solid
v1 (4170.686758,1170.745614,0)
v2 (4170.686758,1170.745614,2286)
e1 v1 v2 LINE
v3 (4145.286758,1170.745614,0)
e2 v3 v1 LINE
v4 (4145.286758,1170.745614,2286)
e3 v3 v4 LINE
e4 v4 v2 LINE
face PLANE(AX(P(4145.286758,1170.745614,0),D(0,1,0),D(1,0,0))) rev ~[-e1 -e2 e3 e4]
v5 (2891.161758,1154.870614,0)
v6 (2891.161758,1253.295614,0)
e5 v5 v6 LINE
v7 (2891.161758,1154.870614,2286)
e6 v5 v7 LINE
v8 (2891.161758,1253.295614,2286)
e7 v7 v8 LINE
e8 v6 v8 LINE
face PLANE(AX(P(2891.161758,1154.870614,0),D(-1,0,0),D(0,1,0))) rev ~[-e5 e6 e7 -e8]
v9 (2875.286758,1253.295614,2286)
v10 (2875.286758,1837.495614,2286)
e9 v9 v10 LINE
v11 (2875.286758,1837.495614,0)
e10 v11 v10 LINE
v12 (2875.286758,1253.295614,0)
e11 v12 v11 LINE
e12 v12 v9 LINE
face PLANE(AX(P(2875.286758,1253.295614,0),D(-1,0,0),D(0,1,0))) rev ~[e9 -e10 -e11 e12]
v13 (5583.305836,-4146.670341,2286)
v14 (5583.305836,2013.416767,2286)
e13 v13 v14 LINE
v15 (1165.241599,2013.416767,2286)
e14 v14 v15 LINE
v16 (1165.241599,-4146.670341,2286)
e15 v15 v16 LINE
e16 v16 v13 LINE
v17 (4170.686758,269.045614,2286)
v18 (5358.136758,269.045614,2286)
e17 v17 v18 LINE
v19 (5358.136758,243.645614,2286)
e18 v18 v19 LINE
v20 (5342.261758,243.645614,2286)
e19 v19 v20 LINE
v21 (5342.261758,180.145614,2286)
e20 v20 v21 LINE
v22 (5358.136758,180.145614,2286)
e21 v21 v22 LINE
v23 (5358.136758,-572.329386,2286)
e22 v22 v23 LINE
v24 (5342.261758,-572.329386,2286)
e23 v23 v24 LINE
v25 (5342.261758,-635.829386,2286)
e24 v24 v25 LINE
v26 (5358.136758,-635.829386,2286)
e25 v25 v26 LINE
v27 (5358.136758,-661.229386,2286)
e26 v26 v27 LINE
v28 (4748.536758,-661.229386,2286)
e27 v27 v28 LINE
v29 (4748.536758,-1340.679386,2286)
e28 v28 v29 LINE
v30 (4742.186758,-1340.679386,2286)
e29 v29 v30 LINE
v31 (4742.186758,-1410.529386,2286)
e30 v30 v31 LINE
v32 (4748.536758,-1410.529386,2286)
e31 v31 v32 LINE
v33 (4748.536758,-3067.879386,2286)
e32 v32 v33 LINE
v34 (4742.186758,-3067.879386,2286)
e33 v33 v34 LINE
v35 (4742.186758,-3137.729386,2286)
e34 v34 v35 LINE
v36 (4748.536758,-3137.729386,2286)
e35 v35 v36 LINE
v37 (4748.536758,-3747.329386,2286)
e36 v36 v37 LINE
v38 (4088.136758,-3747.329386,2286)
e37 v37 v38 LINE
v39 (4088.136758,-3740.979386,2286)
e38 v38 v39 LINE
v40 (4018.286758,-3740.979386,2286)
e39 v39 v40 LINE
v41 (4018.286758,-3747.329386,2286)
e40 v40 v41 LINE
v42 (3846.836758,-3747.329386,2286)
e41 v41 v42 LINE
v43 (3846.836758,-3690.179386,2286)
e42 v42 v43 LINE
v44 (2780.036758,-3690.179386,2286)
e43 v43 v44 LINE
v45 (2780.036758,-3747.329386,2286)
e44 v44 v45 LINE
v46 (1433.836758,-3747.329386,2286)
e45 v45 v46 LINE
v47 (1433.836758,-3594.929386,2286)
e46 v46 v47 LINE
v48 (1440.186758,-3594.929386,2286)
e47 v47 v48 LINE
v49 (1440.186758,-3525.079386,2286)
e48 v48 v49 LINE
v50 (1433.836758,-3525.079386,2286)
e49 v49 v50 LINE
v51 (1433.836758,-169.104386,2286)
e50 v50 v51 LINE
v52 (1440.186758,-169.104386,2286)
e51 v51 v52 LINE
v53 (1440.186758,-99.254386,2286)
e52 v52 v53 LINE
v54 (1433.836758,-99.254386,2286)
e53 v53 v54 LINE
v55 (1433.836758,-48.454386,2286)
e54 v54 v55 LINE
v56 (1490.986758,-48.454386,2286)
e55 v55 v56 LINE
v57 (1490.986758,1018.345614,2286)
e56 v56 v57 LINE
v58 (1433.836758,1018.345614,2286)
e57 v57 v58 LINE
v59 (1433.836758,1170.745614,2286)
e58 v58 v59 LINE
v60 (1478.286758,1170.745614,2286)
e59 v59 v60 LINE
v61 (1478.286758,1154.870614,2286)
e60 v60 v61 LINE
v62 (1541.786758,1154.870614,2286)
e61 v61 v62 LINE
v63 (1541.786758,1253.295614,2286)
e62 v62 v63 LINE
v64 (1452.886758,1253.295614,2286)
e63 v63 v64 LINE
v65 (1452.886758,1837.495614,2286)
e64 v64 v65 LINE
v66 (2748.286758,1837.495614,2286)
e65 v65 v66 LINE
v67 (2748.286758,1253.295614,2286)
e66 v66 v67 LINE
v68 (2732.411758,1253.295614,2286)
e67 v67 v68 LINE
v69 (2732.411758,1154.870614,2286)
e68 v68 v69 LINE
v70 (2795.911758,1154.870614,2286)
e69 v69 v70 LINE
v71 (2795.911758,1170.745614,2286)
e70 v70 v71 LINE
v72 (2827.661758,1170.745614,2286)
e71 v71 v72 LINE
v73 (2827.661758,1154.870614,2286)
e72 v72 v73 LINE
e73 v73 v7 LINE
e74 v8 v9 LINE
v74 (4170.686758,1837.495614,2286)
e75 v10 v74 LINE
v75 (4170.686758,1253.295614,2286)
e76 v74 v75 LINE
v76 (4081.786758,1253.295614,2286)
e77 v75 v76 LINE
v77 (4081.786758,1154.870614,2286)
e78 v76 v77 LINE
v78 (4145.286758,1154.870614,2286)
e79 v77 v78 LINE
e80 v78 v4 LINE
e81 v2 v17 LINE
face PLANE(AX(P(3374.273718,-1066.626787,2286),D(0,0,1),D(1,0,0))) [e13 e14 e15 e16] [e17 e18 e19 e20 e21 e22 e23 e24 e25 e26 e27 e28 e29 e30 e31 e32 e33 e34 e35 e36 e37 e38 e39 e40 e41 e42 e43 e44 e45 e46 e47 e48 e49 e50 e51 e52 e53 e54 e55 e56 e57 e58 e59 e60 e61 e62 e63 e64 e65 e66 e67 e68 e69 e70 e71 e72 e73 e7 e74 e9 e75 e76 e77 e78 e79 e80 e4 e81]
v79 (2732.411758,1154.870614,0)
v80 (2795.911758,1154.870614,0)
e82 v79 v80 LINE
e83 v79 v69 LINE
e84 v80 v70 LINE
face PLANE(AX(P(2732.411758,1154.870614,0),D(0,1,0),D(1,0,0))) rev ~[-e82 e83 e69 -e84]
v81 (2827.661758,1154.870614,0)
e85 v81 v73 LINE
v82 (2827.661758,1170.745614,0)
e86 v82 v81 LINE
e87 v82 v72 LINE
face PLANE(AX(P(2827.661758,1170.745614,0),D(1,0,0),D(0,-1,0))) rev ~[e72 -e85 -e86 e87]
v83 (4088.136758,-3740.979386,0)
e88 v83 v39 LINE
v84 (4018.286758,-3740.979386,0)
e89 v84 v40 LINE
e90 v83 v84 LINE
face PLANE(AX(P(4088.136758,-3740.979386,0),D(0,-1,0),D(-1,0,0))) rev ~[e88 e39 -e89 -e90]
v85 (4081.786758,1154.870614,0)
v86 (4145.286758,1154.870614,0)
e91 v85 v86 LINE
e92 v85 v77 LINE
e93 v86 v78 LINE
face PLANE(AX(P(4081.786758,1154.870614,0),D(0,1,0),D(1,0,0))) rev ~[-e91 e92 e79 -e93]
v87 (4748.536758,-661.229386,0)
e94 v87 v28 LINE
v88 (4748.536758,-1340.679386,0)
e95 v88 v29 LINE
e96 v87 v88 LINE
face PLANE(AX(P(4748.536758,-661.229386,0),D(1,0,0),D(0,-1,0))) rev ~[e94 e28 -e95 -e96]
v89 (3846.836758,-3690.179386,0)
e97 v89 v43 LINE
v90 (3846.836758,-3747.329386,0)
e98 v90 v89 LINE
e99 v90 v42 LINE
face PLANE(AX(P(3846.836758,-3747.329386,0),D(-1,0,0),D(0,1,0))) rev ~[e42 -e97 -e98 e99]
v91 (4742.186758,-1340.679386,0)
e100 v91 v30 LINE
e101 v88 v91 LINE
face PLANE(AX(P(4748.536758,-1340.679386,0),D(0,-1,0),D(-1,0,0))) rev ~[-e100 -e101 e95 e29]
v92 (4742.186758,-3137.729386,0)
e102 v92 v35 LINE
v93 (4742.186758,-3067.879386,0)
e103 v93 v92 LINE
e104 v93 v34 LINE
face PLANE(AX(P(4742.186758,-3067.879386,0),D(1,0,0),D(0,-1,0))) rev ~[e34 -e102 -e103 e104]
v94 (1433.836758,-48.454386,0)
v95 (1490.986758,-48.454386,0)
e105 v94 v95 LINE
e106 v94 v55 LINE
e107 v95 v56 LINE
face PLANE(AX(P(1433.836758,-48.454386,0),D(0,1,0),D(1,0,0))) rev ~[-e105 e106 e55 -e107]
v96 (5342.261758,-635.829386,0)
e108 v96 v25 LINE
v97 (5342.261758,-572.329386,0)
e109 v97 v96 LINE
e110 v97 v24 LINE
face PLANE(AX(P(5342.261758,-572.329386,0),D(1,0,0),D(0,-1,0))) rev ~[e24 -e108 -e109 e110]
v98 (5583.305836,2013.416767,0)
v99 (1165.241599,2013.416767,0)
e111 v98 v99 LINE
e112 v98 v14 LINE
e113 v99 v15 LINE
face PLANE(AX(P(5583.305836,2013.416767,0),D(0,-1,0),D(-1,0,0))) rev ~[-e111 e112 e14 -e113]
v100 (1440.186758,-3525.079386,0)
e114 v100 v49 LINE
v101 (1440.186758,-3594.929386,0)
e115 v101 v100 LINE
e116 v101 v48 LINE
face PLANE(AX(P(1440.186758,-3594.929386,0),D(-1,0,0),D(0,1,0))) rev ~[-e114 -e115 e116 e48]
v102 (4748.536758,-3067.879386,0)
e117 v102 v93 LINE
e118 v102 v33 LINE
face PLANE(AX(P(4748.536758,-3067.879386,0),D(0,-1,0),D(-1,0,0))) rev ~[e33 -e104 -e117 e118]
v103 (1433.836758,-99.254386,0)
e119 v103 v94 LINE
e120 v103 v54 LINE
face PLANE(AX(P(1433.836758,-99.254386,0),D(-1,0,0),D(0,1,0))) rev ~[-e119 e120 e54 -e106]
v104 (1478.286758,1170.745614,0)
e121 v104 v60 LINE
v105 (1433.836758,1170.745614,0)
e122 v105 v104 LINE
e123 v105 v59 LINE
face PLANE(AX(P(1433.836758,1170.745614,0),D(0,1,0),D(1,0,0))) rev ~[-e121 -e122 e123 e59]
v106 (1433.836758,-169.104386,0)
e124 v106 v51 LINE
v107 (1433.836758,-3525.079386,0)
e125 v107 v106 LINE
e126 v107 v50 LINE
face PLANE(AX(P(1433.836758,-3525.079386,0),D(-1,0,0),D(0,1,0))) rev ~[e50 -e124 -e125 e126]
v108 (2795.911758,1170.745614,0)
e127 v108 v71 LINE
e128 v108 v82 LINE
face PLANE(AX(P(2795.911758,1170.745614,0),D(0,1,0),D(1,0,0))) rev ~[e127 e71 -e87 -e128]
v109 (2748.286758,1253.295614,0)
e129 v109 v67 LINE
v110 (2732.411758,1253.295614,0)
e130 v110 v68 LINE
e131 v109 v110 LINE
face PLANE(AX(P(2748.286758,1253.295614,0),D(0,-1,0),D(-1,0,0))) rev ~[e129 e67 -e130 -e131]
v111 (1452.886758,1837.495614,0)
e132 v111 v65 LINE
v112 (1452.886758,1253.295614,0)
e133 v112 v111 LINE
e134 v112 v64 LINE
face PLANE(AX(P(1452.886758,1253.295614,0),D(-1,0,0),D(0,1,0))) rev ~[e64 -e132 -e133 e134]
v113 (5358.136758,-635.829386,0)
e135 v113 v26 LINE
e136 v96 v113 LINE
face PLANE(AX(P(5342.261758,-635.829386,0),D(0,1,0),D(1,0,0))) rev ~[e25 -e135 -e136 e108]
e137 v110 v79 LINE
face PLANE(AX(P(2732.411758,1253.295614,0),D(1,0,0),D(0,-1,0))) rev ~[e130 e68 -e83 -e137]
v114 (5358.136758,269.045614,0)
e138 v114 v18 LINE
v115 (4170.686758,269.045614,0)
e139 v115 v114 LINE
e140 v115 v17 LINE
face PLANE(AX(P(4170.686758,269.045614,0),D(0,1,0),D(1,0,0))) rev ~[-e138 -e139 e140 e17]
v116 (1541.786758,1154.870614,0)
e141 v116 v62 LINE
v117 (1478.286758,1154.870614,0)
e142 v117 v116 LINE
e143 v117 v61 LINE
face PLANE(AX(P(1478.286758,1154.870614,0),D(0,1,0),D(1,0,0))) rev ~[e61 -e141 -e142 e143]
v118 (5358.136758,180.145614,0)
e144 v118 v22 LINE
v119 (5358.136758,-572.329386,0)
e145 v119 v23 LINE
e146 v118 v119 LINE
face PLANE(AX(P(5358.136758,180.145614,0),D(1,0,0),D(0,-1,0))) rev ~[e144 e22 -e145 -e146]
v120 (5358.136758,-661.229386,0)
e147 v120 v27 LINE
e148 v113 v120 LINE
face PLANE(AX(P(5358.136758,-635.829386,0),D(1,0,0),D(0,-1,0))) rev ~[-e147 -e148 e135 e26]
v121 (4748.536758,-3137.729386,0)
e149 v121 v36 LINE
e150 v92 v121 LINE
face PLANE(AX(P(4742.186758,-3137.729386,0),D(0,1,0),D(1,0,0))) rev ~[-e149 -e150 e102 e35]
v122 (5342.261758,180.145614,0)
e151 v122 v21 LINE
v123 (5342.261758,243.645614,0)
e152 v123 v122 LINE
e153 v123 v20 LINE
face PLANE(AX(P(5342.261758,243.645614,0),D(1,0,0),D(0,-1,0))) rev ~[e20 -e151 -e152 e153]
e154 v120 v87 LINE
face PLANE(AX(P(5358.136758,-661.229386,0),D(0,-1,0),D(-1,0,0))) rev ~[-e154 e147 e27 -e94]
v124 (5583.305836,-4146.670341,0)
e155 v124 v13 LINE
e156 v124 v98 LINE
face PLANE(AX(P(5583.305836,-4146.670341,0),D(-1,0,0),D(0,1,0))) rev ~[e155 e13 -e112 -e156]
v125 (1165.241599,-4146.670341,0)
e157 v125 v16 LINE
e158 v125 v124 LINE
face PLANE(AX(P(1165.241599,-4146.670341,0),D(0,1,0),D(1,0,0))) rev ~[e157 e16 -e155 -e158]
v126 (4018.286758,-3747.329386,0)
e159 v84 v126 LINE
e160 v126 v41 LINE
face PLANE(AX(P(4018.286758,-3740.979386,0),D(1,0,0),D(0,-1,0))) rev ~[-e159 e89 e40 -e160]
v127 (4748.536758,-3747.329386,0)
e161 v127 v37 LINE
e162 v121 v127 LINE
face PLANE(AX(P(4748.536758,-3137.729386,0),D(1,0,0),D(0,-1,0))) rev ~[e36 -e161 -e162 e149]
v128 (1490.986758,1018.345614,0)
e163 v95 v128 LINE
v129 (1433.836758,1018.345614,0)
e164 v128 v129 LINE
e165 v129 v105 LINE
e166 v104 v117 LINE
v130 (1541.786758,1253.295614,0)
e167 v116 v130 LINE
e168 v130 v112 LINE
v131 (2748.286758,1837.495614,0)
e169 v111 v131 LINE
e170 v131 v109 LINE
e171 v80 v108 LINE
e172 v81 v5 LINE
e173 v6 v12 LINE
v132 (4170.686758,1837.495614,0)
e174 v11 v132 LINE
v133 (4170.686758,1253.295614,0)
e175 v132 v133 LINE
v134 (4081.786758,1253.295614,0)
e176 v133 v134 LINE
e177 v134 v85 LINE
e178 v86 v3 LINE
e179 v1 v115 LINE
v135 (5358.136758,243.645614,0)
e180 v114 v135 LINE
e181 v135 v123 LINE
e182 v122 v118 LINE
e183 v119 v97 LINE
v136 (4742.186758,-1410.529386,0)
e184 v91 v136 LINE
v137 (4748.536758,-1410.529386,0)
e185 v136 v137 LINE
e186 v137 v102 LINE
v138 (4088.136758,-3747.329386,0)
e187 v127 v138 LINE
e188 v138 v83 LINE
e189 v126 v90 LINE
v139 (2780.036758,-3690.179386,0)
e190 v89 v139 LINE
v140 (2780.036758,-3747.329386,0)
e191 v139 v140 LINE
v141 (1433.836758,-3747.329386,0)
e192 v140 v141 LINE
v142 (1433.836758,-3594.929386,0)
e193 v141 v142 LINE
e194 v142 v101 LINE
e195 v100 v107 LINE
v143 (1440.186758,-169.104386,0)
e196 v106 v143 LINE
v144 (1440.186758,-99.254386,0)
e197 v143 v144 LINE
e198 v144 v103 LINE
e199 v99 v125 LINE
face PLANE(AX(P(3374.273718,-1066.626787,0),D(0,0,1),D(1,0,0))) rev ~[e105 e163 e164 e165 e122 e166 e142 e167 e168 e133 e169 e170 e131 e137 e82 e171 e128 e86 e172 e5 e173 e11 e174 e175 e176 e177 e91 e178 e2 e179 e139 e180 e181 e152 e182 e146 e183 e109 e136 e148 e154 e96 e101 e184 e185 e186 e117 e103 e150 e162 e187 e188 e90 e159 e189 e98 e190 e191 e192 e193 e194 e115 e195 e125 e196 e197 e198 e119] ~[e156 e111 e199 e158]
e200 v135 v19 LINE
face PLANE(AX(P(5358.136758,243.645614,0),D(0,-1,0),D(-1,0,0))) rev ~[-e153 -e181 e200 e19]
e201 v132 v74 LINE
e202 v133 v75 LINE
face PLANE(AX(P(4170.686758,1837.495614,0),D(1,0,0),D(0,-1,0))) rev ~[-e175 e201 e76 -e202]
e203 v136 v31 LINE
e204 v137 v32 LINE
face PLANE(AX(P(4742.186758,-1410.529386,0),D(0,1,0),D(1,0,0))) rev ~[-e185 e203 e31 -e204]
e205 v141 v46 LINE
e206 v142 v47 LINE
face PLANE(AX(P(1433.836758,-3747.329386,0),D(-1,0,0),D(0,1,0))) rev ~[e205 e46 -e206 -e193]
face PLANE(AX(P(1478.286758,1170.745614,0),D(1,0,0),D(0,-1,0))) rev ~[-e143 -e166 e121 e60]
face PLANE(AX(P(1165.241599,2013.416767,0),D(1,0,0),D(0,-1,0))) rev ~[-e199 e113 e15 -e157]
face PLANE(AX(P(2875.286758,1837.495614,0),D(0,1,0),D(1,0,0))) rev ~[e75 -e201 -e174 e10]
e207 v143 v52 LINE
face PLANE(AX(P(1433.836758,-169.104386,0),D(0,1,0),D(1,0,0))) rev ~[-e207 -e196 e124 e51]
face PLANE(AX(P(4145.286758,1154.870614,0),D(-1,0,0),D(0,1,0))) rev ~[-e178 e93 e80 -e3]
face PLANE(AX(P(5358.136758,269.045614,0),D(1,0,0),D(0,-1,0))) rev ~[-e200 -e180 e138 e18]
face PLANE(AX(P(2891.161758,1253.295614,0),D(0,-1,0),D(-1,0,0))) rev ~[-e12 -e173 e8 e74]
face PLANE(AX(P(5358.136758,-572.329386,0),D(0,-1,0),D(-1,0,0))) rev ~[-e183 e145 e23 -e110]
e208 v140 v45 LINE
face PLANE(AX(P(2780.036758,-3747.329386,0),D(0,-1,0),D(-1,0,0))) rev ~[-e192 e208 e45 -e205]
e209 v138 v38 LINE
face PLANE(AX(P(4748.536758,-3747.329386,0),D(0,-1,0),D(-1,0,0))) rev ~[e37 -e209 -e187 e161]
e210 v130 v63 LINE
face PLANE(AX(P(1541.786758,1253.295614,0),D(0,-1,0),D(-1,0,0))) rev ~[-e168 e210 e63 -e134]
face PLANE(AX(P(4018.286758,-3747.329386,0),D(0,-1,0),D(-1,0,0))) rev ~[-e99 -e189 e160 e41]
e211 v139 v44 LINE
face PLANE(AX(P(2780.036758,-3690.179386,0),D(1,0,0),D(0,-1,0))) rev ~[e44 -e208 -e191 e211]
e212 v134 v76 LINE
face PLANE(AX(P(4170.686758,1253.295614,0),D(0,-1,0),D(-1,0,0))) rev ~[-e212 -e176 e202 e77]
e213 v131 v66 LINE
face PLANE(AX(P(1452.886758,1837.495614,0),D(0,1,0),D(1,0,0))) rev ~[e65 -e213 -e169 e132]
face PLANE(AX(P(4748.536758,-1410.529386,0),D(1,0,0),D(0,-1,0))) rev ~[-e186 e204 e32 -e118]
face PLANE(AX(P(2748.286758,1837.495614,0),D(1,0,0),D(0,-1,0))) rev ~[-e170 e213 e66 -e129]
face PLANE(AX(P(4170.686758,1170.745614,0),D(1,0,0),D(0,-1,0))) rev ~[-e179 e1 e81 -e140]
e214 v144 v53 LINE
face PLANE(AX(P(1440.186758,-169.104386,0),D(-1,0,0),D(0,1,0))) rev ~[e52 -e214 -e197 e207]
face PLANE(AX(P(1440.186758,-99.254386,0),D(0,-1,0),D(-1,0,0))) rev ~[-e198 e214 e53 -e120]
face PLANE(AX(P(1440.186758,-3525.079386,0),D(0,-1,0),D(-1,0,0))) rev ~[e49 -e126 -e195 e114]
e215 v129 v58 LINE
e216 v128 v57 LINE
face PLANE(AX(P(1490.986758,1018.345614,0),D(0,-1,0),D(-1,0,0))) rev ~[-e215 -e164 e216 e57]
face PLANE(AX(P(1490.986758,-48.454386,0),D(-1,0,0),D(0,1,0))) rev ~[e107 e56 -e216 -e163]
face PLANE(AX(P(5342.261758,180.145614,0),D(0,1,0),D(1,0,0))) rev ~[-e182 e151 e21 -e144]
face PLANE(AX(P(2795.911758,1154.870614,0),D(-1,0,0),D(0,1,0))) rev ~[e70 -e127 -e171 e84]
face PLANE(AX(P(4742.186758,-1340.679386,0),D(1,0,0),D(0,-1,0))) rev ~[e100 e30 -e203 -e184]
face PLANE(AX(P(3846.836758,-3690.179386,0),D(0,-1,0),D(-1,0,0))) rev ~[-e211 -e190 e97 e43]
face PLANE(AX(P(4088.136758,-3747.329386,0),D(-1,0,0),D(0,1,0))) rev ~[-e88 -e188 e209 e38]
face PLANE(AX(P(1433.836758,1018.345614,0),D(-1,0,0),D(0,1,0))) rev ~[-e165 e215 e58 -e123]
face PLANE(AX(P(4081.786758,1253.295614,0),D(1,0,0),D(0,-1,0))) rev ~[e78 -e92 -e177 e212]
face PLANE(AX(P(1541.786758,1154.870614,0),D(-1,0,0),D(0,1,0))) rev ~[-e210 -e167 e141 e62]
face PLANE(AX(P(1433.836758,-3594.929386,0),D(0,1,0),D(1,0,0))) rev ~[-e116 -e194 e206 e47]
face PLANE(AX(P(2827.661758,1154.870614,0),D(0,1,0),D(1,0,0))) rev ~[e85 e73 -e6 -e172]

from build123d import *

# Parameters (mm, degrees)
F1_DEPTH = 2286


with BuildPart() as f1:
    # F0 (on Top) → F1 (new body)
    with BuildSketch(Plane.XY):
        Polygon((5583.305836, 2013.416767), (1266.77084, 2013.416767), (1165.241599, 2013.416767), (1165.241599, -4146.670341), (5583.305836, -4146.670341), align=None)
        Polygon((5358.136758, -635.829386), (5358.136758, -661.229386), (4748.536758, -661.229386), (4748.536758, -1340.679386), (4742.186758, -1340.679386), (4742.186758, -1410.529386), (4748.536758, -1410.529386), (4748.536758, -3067.879386), (4742.186758, -3067.879386), (4742.186758, -3137.729386), (4748.536758, -3137.729386), (4748.536758, -3747.329386), (4088.136758, -3747.329386), (4088.136758, -3740.979386), (4018.286758, -3740.979386), (4018.286758, -3747.329386), (3846.836758, -3747.329386), (3846.836758, -3690.179386), (2780.036758, -3690.179386), (2780.036758, -3747.329386), (1433.836758, -3747.329386), (1433.836758, -3594.929386), (1440.186758, -3594.929386), (1440.186758, -3525.079386), (1433.836758, -3525.079386), (1433.836758, -169.104386), (1440.186758, -169.104386), (1440.186758, -99.254386), (1433.836758, -99.254386), (1433.836758, -48.454386), (1490.986758, -48.454386), (1490.986758, 1018.345614), (1433.836758, 1018.345614), (1433.836758, 1170.745614), (1478.286758, 1170.745614), (1478.286758, 1154.870614), (1541.786758, 1154.870614), (1541.786758, 1253.295614), (1452.886758, 1253.295614), (1452.886758, 1837.495614), (2748.286758, 1837.495614), (2748.286758, 1253.295614), (2732.411758, 1253.295614), (2732.411758, 1154.870614), (2795.911758, 1154.870614), (2795.911758, 1170.745614), (2827.661758, 1170.745614), (2827.661758, 1154.870614), (2891.161758, 1154.870614), (2891.161758, 1253.295614), (2875.286758, 1253.295614), (2875.286758, 1837.495614), (4170.686758, 1837.495614), (4170.686758, 1253.295614), (4081.786758, 1253.295614), (4081.786758, 1154.870614), (4145.286758, 1154.870614), (4145.286758, 1170.745614), (4170.686758, 1170.745614), (4170.686758, 269.045614), (5358.136758, 269.045614), (5358.136758, 243.645614), (5342.261758, 243.645614), (5342.261758, 180.145614), (5358.136758, 180.145614), (5358.136758, -572.329386), (5342.261758, -572.329386), (5342.261758, -635.829386), align=None, mode=Mode.SUBTRACT)
    extrude(amount=F1_DEPTH)


solid = f1.part
